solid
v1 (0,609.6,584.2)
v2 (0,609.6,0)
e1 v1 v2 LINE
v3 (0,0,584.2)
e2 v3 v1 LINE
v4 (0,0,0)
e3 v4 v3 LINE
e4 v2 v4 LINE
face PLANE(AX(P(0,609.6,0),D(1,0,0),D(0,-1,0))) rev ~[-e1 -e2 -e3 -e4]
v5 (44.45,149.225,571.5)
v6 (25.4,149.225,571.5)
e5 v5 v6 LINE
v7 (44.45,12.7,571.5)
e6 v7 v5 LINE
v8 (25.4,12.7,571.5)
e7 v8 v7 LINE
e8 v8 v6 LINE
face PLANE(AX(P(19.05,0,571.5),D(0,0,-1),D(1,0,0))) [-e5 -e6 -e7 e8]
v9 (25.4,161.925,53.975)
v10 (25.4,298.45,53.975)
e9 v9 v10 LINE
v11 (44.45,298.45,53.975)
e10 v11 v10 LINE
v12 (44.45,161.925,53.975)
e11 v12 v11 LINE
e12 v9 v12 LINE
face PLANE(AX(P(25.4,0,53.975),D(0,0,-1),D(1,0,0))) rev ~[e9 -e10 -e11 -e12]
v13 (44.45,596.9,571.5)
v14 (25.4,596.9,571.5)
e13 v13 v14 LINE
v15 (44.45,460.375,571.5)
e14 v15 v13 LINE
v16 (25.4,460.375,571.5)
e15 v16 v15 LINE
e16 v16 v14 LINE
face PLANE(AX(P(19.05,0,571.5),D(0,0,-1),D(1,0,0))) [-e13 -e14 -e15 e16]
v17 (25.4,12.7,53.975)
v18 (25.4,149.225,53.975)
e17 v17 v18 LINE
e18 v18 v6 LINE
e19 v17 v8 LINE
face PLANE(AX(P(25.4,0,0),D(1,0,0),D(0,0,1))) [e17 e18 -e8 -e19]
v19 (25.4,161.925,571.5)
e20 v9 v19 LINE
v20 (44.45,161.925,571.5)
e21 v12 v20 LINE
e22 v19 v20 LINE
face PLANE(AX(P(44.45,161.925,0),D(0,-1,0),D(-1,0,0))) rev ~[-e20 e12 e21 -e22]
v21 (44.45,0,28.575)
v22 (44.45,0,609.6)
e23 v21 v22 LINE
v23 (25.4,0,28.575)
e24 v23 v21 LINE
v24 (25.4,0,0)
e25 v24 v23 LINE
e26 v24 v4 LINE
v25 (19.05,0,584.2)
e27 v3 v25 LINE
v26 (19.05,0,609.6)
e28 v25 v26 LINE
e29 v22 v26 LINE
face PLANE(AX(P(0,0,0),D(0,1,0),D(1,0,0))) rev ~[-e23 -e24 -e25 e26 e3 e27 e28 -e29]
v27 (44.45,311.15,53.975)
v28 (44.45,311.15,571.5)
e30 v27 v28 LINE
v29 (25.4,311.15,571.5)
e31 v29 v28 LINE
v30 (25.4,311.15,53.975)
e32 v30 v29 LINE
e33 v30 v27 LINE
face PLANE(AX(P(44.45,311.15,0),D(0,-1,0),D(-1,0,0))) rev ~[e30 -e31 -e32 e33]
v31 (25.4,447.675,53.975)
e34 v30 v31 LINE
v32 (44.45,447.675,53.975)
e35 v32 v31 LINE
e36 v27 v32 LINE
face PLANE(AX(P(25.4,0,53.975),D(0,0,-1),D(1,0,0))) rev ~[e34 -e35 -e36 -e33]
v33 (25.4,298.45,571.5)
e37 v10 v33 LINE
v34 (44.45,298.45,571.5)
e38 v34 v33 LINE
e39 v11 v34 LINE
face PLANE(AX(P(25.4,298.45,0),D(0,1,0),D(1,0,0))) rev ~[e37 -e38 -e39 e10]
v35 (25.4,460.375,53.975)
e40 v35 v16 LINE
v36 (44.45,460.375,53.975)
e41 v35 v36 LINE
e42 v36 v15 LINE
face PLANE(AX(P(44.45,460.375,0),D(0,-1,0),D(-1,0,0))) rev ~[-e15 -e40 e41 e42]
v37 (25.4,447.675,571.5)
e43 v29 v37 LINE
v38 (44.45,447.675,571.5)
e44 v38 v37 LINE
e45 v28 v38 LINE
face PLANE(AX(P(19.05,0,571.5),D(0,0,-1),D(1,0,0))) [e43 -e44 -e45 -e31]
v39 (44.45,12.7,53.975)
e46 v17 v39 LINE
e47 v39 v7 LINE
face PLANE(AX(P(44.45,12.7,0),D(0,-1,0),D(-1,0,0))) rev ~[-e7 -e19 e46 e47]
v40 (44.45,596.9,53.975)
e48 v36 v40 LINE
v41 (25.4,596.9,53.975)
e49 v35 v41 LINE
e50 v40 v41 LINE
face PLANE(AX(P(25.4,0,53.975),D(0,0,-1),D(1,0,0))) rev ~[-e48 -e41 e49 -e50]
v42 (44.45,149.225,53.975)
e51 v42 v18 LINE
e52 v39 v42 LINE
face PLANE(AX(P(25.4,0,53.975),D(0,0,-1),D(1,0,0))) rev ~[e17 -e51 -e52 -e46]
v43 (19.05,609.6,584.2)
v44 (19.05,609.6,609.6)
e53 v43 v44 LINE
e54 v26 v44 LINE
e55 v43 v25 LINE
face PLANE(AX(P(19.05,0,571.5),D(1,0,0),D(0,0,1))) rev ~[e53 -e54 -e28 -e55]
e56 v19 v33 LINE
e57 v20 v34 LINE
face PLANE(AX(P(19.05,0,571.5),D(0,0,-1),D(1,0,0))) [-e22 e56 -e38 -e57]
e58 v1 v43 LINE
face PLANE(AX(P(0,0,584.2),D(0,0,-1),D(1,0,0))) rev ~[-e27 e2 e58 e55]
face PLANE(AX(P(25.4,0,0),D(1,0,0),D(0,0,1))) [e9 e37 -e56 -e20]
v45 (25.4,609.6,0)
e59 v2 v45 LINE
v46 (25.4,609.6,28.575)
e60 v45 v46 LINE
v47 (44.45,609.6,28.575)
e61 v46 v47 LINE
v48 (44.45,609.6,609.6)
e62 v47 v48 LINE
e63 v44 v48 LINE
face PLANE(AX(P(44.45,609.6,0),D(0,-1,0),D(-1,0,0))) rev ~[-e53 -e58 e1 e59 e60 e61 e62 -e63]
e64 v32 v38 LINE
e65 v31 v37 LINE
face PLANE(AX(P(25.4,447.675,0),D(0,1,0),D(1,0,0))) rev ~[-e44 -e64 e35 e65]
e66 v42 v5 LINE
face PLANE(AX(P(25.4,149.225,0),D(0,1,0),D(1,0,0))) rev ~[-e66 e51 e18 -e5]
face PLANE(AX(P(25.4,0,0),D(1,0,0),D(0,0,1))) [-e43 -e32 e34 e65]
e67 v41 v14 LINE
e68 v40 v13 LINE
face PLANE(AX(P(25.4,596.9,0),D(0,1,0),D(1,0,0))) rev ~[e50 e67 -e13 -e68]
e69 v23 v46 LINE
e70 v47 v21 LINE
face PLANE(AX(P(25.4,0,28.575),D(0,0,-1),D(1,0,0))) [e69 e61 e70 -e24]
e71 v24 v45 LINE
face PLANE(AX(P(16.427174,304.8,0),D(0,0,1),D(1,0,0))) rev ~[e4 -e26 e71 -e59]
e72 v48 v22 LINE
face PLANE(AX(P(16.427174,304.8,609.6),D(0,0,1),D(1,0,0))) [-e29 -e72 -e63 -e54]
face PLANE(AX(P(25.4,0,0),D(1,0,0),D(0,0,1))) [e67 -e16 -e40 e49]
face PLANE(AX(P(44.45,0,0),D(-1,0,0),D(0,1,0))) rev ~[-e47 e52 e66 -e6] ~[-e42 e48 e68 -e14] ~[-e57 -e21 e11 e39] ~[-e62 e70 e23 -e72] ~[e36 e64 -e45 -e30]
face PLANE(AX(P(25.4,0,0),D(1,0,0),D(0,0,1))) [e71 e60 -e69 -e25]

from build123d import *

# Parameters (mm, degrees)
F1_DEPTH = 609.6
F2_W     = 50.8
F2_H     = 25.4
F3_DEPTH = 609.6
F4_W     = 25.4
F4_H     = 25.4
F5_DEPTH = 609.6
F6_W     = 25.4
F6_H     = 28.575
F7_DEPTH = 609.6
F8_W     = 19.05
F8_H     = 25.4
F8_W_2   = 25.4
F8_H_2   = 38.1
F9_DEPTH = 609.6


with BuildPart() as f1:
    # F0 (on Top) → F1 (new body)
    with BuildSketch(Plane.XY):
        Polygon((0, 609.6), (0, 0), (25.4, 0), (44.45, 0), (44.45, 12.7), (25.4, 12.7), (25.4, 149.225), (44.45, 149.225), (44.45, 161.925), (25.4, 161.925), (25.4, 298.45), (44.45, 298.45), (44.45, 311.15), (25.4, 311.15), (25.4, 447.675), (44.45, 447.675), (44.45, 460.375), (25.4, 460.375), (25.4, 596.9), (44.45, 596.9), (44.45, 609.6), (25.4, 609.6), align=None)
    extrude(amount=F1_DEPTH)

    # F2 (on face) → F3 (join)
    with BuildSketch(Plane.XZ):
        with Locations((25.4, 12.7)):
            Rectangle(F2_W, F2_H)
    extrude(amount=-F3_DEPTH)

    # F4 (on face) → F5 (cut)
    with BuildSketch(Plane.XZ):
        with Locations((12.7, 596.9)):
            Rectangle(F4_W, F4_H)
    extrude(amount=-F5_DEPTH, mode=Mode.SUBTRACT)

    # F6 (on face) → F7 (cut)
    with BuildSketch(Plane.XZ):
        with Locations((38.1, 14.2875)):
            Rectangle(F6_W, F6_H)
    extrude(amount=-F7_DEPTH, mode=Mode.SUBTRACT)

    # F8 (on face) → F9 (join)
    with BuildSketch(Plane.XZ):
        with Locations((34.925, 41.275)):
            Rectangle(F8_W, F8_H)
        with Locations((31.75, 590.55)):
            Rectangle(F8_W_2, F8_H_2)
    extrude(amount=-F9_DEPTH)


solid = f1.part
